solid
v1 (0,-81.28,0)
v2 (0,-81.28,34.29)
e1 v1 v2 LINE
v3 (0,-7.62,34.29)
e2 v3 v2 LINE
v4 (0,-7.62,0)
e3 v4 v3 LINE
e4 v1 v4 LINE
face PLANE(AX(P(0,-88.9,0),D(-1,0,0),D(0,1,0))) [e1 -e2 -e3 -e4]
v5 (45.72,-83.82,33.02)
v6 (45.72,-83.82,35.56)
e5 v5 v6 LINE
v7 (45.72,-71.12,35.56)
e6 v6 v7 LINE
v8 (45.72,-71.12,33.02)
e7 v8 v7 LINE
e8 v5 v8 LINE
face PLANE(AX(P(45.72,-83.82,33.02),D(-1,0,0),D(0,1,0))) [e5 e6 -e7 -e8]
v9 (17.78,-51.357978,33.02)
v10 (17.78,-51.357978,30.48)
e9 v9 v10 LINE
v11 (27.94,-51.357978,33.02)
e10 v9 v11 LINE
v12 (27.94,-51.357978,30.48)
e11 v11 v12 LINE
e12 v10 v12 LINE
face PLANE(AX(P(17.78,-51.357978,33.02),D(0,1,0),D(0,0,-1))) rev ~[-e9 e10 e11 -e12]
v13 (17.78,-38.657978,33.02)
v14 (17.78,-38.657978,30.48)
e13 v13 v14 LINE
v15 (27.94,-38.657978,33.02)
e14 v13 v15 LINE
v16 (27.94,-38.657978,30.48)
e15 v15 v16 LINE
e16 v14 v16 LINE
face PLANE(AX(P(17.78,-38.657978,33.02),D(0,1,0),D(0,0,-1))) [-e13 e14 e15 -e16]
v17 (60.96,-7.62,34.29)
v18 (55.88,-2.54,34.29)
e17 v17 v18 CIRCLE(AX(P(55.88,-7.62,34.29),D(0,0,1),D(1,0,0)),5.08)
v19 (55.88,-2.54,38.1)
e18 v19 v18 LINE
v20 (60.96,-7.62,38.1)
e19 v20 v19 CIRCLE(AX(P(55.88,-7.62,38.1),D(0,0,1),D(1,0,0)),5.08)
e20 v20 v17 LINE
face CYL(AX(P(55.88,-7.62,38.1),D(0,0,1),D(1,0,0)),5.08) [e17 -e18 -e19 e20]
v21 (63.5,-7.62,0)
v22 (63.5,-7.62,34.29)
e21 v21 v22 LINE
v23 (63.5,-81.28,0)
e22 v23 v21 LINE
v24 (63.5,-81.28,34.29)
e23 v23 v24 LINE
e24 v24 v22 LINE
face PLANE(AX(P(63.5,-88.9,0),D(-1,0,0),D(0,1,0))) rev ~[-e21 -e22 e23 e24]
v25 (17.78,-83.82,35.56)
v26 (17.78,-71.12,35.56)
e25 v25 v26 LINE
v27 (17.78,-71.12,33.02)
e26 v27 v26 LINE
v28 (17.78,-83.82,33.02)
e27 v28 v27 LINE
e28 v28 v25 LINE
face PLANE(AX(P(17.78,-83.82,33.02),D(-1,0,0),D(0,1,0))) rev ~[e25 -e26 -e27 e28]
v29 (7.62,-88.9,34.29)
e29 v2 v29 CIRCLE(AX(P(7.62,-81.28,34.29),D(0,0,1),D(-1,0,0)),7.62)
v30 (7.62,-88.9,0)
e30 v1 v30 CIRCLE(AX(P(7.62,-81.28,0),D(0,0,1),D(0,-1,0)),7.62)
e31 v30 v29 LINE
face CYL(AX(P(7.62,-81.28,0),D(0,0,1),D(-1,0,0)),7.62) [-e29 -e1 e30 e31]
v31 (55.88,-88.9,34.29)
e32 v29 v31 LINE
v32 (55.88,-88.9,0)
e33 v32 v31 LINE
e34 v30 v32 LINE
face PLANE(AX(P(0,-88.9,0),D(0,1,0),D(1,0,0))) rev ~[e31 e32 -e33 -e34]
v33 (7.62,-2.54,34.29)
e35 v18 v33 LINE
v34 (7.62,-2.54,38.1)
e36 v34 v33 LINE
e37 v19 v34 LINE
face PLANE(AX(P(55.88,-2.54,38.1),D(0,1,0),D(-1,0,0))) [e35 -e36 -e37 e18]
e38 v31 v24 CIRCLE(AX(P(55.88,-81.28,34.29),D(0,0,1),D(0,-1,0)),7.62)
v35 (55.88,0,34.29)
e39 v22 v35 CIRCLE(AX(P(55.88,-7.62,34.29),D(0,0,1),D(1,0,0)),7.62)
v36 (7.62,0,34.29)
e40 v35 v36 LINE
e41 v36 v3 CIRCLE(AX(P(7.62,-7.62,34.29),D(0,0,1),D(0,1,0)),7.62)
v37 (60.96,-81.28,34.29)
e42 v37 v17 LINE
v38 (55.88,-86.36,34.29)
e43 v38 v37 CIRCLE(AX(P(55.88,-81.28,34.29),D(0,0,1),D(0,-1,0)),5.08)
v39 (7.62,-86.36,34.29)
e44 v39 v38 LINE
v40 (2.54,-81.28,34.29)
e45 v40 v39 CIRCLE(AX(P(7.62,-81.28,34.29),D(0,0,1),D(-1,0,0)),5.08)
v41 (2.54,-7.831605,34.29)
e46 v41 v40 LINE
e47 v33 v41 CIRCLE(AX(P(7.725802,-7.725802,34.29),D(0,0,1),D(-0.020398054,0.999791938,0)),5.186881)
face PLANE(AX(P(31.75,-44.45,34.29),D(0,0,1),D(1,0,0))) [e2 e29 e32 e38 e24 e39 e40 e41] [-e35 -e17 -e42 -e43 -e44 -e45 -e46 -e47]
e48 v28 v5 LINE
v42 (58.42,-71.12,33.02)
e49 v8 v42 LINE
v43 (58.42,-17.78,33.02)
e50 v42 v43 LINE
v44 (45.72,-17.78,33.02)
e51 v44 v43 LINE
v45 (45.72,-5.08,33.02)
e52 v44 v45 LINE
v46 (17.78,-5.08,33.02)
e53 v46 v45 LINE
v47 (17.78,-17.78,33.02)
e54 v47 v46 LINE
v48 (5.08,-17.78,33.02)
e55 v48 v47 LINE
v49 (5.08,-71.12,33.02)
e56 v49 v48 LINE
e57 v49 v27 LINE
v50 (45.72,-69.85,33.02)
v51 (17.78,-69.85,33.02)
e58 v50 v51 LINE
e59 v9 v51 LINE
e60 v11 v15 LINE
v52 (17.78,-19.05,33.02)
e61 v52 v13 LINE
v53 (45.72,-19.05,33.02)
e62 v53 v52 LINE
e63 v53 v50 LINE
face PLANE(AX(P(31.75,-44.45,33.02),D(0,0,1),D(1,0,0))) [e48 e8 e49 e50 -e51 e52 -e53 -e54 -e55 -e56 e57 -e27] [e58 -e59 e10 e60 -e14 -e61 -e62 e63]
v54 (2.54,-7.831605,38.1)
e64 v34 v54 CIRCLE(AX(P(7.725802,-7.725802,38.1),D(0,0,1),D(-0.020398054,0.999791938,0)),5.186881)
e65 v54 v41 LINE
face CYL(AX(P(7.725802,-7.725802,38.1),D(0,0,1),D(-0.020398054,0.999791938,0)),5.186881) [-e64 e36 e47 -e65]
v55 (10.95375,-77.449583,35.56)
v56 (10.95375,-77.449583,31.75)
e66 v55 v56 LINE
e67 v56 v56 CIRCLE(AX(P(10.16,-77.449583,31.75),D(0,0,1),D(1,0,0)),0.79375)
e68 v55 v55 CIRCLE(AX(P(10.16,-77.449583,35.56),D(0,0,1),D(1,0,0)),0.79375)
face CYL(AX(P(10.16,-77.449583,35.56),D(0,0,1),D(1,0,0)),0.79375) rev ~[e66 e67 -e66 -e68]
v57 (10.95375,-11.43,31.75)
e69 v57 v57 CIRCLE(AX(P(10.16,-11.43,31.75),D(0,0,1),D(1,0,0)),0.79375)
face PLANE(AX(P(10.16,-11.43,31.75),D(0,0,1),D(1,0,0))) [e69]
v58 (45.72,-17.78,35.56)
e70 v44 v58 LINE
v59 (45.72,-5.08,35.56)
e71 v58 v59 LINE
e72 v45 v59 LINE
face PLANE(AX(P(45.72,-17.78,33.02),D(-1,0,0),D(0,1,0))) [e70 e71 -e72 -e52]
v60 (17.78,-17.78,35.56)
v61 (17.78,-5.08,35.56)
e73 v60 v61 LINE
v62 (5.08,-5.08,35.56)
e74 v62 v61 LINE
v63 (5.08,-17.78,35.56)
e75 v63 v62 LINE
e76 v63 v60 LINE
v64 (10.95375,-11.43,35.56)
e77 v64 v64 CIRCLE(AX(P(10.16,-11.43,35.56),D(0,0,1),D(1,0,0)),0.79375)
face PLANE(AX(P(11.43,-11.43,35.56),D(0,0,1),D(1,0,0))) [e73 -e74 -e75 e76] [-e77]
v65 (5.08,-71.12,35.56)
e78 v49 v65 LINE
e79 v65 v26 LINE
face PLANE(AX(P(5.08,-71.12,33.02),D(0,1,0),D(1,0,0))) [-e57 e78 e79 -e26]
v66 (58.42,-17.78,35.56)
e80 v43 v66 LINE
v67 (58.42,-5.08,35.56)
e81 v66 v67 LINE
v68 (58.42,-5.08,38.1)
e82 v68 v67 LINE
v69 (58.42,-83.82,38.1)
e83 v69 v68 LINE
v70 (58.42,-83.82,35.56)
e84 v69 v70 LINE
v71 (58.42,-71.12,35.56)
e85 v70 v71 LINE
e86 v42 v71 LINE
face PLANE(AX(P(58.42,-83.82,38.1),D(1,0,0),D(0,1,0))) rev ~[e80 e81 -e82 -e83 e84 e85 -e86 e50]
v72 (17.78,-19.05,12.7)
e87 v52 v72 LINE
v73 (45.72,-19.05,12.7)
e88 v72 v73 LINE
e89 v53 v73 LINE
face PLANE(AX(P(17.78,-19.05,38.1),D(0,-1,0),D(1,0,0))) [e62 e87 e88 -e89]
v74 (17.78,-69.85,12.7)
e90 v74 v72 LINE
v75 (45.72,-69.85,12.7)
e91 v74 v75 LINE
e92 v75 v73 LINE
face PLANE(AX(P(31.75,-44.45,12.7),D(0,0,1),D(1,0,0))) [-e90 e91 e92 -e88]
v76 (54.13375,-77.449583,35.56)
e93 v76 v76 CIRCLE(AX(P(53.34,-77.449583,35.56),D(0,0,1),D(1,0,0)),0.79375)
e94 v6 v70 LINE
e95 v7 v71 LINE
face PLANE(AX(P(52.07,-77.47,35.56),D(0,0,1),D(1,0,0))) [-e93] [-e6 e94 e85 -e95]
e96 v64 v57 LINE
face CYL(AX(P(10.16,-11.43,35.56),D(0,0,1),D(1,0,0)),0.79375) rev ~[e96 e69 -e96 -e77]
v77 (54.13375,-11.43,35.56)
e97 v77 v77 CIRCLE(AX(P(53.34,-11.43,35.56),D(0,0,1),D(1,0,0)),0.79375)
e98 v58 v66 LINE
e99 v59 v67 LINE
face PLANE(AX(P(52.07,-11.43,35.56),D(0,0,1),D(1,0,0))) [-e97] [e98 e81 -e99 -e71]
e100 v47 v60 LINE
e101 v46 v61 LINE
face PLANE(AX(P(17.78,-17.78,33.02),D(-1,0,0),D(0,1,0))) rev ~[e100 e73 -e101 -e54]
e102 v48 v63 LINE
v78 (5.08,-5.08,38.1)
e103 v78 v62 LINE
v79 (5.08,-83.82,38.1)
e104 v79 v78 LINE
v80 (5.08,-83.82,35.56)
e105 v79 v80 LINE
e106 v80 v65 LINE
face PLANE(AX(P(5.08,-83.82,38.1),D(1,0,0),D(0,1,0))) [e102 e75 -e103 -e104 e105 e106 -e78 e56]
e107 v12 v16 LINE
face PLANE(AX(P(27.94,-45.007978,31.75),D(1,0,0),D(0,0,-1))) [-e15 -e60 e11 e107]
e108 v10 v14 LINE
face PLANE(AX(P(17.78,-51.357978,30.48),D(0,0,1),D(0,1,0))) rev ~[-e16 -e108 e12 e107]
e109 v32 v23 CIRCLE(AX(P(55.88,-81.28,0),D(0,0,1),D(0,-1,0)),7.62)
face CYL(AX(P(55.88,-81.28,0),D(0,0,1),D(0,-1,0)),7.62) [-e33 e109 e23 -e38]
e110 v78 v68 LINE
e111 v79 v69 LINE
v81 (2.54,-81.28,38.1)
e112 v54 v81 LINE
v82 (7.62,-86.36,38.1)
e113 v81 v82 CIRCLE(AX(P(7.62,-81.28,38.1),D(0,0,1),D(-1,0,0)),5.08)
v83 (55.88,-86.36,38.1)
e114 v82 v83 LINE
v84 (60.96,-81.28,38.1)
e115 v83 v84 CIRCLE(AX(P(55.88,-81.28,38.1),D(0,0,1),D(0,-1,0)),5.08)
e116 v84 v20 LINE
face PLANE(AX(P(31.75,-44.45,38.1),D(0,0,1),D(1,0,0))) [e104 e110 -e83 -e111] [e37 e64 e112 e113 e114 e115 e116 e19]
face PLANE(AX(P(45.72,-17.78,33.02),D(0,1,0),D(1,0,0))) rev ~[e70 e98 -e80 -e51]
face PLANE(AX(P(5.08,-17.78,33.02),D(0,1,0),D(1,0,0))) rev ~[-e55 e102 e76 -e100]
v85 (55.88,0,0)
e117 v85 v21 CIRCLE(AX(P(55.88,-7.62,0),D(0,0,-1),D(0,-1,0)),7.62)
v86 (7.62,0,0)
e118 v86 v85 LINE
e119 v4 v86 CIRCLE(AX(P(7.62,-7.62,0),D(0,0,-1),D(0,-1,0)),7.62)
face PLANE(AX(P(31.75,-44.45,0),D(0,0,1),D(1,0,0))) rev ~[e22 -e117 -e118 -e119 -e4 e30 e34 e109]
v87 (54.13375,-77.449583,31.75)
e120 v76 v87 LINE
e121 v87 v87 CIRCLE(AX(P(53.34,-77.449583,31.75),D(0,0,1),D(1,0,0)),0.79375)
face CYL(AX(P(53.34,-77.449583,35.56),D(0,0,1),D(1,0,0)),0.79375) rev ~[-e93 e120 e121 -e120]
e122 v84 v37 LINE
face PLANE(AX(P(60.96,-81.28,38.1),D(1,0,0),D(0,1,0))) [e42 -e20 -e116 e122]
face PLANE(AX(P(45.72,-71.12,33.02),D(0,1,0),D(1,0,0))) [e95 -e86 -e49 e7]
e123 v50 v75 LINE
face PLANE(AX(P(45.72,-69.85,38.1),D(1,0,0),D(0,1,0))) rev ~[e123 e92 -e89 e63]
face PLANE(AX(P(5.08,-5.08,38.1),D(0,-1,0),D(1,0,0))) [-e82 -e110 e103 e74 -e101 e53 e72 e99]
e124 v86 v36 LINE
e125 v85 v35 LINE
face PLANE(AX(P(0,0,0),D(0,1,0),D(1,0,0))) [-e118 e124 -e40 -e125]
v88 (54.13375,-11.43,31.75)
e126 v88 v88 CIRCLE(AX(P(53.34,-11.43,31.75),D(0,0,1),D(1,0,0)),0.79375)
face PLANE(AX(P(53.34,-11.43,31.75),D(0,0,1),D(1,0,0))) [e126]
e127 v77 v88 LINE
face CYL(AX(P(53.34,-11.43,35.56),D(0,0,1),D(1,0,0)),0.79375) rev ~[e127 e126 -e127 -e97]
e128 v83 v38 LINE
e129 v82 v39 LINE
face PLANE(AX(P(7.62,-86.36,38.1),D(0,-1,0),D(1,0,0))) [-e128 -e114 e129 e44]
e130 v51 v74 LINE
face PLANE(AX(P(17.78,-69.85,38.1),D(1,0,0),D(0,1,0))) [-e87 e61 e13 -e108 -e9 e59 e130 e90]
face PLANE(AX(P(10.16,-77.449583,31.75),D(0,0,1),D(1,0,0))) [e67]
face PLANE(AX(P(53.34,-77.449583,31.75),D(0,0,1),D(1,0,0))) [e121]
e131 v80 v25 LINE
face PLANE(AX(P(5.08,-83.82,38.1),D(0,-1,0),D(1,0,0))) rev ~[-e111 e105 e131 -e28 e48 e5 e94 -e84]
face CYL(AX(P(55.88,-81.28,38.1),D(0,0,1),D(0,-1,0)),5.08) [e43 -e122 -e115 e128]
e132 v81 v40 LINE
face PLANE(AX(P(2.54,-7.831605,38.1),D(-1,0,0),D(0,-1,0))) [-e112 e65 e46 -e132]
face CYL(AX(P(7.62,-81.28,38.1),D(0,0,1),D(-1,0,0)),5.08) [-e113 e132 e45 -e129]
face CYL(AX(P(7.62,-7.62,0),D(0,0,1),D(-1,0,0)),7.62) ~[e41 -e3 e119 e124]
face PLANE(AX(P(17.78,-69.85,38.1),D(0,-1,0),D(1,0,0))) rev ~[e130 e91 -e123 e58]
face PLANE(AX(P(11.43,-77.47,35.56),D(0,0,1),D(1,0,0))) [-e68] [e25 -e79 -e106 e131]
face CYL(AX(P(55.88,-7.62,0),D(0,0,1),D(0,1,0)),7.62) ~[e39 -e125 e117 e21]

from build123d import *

# Parameters (mm, degrees)
SKETCH1_W           = 63.5
SKETCH1_H           = 88.9
BOSS_EXTRUDE1_DEPTH = 38.1
SKETCH2_W           = 27.94
SKETCH2_H           = 50.8
CUT_EXTRUDE1_DEPTH  = 25.4
SKETCH3_W           = 53.34
SKETCH3_H           = 78.74
CUT_EXTRUDE2_DEPTH  = 5.08
SKETCH4_W           = 2.54
SKETCH4_H           = 12.7
BOSS_EXTRUDE2_DEPTH = 10.16
SKETCH5_W           = 12.7
SKETCH5_H           = 12.7
BOSS_EXTRUDE3_DEPTH = 2.54
SKETCH7_R           = 0.79375
CUT_EXTRUDE3_DEPTH  = 3.81
FILLET1_R           = 7.62
CUT_EXTRUDE4_DEPTH  = 3.81


with BuildPart() as part:
    # Sketch1 → Boss-Extrude1 (new body)
    with BuildSketch(Plane.XY):
        with Locations((31.75, -44.45)):
            Rectangle(SKETCH1_W, SKETCH1_H)
    extrude(amount=BOSS_EXTRUDE1_DEPTH)

    # Sketch2 → Cut-Extrude1 (cut)
    with BuildSketch(Plane.XY.offset(38.1)):
        with Locations((31.75, -44.45)):
            Rectangle(SKETCH2_W, SKETCH2_H)
    extrude(amount=-CUT_EXTRUDE1_DEPTH, mode=Mode.SUBTRACT)

    # Sketch3 → Cut-Extrude2 (cut)
    with BuildSketch(Plane.XY.offset(38.1)):
        with Locations((31.75, -44.45)):
            Rectangle(SKETCH3_W, SKETCH3_H)
    extrude(amount=-CUT_EXTRUDE2_DEPTH, mode=Mode.SUBTRACT)

    # Sketch4 → Boss-Extrude2 (add)
    with BuildSketch(Plane(origin=(17.78, 0, 0), x_dir=(0, 0, -1), z_dir=(1, 0, 0))):
        with Locations((-31.75, -45.007977767)):
            Rectangle(SKETCH4_W, SKETCH4_H)
    extrude(amount=BOSS_EXTRUDE2_DEPTH)

    # Sketch5 → Boss-Extrude3 (add)
    with BuildSketch(Plane.XY.offset(33.02)):
        with Locations((11.43, -11.43)):
            Rectangle(SKETCH5_W, SKETCH5_H)
        with Locations((52.07, -11.43)):
            Rectangle(SKETCH5_W, SKETCH5_H)
        with Locations((11.43, -77.47)):
            Rectangle(SKETCH5_W, SKETCH5_H)
        with Locations((52.07, -77.47)):
            Rectangle(SKETCH5_W, SKETCH5_H)
    extrude(amount=BOSS_EXTRUDE3_DEPTH)

    # Sketch7 → Cut-Extrude3 (cut)
    with BuildSketch(Plane.XY.offset(35.56)):
        with Locations((10.16, -11.43)):
            Circle(SKETCH7_R)
        with Locations((53.34, -11.43)):
            Circle(SKETCH7_R)
        with Locations((10.16, -77.449583408)):
            Circle(SKETCH7_R)
        with Locations((53.34, -77.449583408)):
            Circle(SKETCH7_R)
    extrude(amount=-CUT_EXTRUDE3_DEPTH, mode=Mode.SUBTRACT)

    # Fillet1
    fillet1_edges = [part.edges().sort_by_distance(p)[0] for p in [
        (0, 0, 19.05),
        (63.5, 0, 19.05),
        (63.5, -88.9, 19.05),
        (0, -88.9, 19.05),
    ]]
    fillet(fillet1_edges, radius=FILLET1_R)

    # Sketch8 → Cut-Extrude4 (cut)
    with BuildSketch(Plane.XY.offset(38.1)):
        with BuildLine():
            ThreePointArc((0, -81.28), (2.231846327, -86.668153673), (7.62, -88.9))
            Line((7.62, -88.9), (55.88, -88.9))
            ThreePointArc((55.88, -88.9), (61.268153673, -86.668153673), (63.5, -81.28))
            Line((63.5, -81.28), (63.5, -7.62))
            ThreePointArc((63.5, -7.62), (61.268153673, -2.231846327), (55.88, 0))
            Line((55.88, 0), (7.62, 0))
            ThreePointArc((7.62, 0), (2.231846327, -2.231846327), (0, -7.62))
            Line((0, -7.62), (0, -81.28))
        make_face()
        with BuildLine():
            ThreePointArc((7.62, -2.54), (3.984072808, -4.133699841), (2.54, -7.831604579))
            Line((2.54, -7.831604579), (2.54, -81.28))
            ThreePointArc((2.54, -81.28), (4.027897552, -84.872102448), (7.62, -86.36))
            Line((7.62, -86.36), (55.88, -86.36))
            ThreePointArc((55.88, -86.36), (59.472102448, -84.872102448), (60.96, -81.28))
            Line((60.96, -81.28), (60.96, -7.62))
            ThreePointArc((60.96, -7.62), (59.472102448, -4.027897552), (55.88, -2.54))
            Line((55.88, -2.54), (7.62, -2.54))
        make_face(mode=Mode.SUBTRACT)
    extrude(amount=-CUT_EXTRUDE4_DEPTH, mode=Mode.SUBTRACT)


solid = part.part
